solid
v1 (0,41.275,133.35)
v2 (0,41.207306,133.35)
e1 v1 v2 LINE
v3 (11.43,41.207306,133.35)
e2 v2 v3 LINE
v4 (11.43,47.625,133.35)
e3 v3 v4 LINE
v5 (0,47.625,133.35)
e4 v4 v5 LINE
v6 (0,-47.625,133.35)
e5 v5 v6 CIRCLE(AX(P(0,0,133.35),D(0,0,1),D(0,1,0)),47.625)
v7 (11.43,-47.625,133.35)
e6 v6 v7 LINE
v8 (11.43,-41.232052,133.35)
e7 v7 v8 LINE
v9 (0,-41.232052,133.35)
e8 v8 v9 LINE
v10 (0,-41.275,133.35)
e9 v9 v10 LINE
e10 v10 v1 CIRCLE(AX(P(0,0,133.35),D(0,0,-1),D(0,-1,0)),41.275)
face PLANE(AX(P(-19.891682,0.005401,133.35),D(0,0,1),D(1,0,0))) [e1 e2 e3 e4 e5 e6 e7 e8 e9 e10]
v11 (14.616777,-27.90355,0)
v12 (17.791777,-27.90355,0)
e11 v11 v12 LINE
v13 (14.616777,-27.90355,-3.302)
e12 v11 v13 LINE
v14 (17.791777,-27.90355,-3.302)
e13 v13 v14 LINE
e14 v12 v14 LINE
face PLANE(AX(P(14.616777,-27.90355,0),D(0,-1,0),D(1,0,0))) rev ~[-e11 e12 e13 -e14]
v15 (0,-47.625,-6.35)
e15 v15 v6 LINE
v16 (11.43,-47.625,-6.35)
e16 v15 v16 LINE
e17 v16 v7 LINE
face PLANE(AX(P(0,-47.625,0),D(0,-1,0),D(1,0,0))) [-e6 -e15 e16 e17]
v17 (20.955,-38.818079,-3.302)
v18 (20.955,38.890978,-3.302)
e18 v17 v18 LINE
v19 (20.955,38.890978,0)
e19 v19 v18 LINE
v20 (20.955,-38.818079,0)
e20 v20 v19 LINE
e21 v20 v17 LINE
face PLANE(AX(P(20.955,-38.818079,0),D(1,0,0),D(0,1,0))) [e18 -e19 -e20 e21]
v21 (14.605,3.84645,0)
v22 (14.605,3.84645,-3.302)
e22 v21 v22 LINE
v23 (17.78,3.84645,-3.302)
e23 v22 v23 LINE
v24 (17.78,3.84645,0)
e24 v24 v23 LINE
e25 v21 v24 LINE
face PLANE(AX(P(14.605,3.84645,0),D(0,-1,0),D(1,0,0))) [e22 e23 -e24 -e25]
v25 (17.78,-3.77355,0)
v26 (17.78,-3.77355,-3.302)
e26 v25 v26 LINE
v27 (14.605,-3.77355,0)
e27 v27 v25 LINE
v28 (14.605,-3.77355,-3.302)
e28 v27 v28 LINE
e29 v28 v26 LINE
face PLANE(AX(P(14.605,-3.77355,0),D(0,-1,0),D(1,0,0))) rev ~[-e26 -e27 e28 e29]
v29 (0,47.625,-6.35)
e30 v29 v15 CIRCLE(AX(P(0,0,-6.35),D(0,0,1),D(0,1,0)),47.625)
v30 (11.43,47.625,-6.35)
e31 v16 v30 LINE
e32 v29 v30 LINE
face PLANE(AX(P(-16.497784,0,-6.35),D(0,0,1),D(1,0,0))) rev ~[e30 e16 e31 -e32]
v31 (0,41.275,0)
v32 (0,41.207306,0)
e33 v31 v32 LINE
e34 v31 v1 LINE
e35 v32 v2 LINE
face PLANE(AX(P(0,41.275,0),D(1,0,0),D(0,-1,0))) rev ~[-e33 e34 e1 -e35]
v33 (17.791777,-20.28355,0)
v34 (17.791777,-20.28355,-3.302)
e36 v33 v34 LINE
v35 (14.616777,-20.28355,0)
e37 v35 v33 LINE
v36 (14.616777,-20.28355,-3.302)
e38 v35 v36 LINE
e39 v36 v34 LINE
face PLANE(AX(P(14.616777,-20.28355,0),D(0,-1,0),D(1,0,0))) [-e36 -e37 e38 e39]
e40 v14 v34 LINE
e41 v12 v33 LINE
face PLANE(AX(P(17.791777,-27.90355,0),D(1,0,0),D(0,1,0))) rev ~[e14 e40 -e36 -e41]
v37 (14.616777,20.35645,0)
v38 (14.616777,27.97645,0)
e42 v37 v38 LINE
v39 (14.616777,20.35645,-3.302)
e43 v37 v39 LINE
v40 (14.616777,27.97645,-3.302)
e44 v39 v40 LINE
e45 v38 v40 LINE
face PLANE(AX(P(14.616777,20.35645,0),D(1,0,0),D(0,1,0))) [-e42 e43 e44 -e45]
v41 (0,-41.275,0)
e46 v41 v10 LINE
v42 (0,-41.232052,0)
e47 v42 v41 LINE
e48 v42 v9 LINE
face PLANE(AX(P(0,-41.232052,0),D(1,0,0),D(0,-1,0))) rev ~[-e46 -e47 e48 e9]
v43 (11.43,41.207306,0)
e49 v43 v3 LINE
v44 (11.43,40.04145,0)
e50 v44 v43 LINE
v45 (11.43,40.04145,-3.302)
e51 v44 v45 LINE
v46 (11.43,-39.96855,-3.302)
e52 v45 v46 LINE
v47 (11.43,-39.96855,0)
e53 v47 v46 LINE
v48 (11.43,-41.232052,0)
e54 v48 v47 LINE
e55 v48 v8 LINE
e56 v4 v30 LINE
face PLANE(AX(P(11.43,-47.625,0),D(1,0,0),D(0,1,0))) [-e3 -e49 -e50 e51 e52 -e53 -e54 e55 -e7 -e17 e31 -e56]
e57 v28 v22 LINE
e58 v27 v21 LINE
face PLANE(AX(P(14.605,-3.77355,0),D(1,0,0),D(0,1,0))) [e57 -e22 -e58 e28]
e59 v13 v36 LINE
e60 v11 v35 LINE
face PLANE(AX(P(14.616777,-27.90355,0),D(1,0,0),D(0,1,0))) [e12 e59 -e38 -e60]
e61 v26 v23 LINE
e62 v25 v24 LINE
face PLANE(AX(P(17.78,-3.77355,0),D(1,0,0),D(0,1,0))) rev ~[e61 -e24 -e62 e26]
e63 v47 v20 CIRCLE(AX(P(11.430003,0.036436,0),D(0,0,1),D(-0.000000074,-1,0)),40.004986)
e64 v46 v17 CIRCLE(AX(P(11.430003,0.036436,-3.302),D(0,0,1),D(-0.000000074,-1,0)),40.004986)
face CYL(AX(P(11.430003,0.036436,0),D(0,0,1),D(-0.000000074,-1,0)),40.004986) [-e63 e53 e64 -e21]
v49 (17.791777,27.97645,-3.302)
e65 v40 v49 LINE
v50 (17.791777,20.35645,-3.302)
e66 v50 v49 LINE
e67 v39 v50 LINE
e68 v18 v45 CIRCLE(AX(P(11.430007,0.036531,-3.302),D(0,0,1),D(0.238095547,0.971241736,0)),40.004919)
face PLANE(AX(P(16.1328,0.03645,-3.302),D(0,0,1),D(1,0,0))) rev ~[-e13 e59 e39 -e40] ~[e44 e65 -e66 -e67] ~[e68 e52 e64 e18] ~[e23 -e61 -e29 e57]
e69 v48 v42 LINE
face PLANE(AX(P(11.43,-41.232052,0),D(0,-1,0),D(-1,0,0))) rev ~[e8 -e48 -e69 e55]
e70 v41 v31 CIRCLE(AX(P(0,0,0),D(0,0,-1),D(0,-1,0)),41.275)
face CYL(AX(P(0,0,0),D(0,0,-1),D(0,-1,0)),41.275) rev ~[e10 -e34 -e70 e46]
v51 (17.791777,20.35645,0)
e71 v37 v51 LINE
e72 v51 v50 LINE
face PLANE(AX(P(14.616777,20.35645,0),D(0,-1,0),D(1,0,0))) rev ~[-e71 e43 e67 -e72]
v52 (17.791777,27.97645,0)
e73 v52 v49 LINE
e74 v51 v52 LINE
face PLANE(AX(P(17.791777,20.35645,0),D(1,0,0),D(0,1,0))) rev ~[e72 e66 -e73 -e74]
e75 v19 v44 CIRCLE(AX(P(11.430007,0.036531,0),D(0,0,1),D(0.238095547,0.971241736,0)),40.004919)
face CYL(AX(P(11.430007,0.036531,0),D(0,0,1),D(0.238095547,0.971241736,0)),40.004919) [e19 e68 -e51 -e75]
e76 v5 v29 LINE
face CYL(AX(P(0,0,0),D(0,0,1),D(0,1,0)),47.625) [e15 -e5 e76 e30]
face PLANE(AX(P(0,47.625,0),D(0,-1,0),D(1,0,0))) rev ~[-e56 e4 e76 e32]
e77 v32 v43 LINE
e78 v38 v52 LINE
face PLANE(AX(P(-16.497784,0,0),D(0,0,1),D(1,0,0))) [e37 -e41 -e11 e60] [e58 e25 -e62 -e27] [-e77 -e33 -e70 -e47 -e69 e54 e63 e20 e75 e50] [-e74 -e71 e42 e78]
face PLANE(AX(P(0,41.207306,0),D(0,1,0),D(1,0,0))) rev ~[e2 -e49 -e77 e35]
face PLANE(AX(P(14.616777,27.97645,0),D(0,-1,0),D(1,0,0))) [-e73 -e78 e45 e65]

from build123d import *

# Parameters (mm, degrees)
F1_DEPTH = 133.35
F2_W     = 11.43
F2_H     = 95.25
F3_DEPTH = 6.35
F4_W     = 3.175
F4_H     = 7.62
F5_DEPTH = 3.302


with BuildPart() as f1:
    # F0 (on Top) → F1 (new body)
    with BuildSketch(Plane.XY):
        with BuildLine():
            Line((11.43, 47.625), (0, 47.625))
            ThreePointArc((0, 47.625), (-47.625, 0), (0, -47.625))
            Line((0, -47.625), (11.43, -47.625))
            Line((11.43, -47.625), (11.43, -41.232052))
            Line((11.43, -41.232052), (0, -41.232052))
            Line((0, -41.232052), (0, -41.275))
            ThreePointArc((0, -41.275), (-41.275, 0), (0, 41.275))
            Line((0, 41.275), (0, 41.207306))
            Line((0, 41.207306), (11.43, 41.207306))
            Line((11.43, 41.207306), (11.43, 47.625))
        make_face()
    extrude(amount=F1_DEPTH)

    # F2 (on Top) → F3 (join)
    with BuildSketch(Plane.XY):
        with BuildLine():
            Line((0, -47.625), (0, 47.625))
            ThreePointArc((0, 47.625), (-47.625, 0), (0, -47.625))
        make_face()
        with Locations((5.715, 0)):
            Rectangle(F2_W, F2_H)
    extrude(amount=-F3_DEPTH)

    # F4 (on face) → F5 (join)
    with BuildSketch(Plane.XY):
        with BuildLine():
            ThreePointArc((20.955, 38.890978), (16.227114, 39.752791), (11.43, 40.04145))
            Line((11.43, 40.04145), (11.43, -39.96855))
            ThreePointArc((11.43, -39.96855), (16.227114, -39.679891), (20.955, -38.818079))
            Line((20.955, -38.818079), (20.955, 38.890978))
        make_face()
        with Locations((16.204277, -24.09355)):
            Rectangle(F4_W, F4_H, mode=Mode.SUBTRACT)
        with Locations((16.1925, 0.03645)):
            Rectangle(F4_W, F4_H, mode=Mode.SUBTRACT)
        with Locations((16.204277, 24.16645)):
            Rectangle(F4_W, F4_H, mode=Mode.SUBTRACT)
    extrude(amount=-F5_DEPTH)


solid = f1.part
